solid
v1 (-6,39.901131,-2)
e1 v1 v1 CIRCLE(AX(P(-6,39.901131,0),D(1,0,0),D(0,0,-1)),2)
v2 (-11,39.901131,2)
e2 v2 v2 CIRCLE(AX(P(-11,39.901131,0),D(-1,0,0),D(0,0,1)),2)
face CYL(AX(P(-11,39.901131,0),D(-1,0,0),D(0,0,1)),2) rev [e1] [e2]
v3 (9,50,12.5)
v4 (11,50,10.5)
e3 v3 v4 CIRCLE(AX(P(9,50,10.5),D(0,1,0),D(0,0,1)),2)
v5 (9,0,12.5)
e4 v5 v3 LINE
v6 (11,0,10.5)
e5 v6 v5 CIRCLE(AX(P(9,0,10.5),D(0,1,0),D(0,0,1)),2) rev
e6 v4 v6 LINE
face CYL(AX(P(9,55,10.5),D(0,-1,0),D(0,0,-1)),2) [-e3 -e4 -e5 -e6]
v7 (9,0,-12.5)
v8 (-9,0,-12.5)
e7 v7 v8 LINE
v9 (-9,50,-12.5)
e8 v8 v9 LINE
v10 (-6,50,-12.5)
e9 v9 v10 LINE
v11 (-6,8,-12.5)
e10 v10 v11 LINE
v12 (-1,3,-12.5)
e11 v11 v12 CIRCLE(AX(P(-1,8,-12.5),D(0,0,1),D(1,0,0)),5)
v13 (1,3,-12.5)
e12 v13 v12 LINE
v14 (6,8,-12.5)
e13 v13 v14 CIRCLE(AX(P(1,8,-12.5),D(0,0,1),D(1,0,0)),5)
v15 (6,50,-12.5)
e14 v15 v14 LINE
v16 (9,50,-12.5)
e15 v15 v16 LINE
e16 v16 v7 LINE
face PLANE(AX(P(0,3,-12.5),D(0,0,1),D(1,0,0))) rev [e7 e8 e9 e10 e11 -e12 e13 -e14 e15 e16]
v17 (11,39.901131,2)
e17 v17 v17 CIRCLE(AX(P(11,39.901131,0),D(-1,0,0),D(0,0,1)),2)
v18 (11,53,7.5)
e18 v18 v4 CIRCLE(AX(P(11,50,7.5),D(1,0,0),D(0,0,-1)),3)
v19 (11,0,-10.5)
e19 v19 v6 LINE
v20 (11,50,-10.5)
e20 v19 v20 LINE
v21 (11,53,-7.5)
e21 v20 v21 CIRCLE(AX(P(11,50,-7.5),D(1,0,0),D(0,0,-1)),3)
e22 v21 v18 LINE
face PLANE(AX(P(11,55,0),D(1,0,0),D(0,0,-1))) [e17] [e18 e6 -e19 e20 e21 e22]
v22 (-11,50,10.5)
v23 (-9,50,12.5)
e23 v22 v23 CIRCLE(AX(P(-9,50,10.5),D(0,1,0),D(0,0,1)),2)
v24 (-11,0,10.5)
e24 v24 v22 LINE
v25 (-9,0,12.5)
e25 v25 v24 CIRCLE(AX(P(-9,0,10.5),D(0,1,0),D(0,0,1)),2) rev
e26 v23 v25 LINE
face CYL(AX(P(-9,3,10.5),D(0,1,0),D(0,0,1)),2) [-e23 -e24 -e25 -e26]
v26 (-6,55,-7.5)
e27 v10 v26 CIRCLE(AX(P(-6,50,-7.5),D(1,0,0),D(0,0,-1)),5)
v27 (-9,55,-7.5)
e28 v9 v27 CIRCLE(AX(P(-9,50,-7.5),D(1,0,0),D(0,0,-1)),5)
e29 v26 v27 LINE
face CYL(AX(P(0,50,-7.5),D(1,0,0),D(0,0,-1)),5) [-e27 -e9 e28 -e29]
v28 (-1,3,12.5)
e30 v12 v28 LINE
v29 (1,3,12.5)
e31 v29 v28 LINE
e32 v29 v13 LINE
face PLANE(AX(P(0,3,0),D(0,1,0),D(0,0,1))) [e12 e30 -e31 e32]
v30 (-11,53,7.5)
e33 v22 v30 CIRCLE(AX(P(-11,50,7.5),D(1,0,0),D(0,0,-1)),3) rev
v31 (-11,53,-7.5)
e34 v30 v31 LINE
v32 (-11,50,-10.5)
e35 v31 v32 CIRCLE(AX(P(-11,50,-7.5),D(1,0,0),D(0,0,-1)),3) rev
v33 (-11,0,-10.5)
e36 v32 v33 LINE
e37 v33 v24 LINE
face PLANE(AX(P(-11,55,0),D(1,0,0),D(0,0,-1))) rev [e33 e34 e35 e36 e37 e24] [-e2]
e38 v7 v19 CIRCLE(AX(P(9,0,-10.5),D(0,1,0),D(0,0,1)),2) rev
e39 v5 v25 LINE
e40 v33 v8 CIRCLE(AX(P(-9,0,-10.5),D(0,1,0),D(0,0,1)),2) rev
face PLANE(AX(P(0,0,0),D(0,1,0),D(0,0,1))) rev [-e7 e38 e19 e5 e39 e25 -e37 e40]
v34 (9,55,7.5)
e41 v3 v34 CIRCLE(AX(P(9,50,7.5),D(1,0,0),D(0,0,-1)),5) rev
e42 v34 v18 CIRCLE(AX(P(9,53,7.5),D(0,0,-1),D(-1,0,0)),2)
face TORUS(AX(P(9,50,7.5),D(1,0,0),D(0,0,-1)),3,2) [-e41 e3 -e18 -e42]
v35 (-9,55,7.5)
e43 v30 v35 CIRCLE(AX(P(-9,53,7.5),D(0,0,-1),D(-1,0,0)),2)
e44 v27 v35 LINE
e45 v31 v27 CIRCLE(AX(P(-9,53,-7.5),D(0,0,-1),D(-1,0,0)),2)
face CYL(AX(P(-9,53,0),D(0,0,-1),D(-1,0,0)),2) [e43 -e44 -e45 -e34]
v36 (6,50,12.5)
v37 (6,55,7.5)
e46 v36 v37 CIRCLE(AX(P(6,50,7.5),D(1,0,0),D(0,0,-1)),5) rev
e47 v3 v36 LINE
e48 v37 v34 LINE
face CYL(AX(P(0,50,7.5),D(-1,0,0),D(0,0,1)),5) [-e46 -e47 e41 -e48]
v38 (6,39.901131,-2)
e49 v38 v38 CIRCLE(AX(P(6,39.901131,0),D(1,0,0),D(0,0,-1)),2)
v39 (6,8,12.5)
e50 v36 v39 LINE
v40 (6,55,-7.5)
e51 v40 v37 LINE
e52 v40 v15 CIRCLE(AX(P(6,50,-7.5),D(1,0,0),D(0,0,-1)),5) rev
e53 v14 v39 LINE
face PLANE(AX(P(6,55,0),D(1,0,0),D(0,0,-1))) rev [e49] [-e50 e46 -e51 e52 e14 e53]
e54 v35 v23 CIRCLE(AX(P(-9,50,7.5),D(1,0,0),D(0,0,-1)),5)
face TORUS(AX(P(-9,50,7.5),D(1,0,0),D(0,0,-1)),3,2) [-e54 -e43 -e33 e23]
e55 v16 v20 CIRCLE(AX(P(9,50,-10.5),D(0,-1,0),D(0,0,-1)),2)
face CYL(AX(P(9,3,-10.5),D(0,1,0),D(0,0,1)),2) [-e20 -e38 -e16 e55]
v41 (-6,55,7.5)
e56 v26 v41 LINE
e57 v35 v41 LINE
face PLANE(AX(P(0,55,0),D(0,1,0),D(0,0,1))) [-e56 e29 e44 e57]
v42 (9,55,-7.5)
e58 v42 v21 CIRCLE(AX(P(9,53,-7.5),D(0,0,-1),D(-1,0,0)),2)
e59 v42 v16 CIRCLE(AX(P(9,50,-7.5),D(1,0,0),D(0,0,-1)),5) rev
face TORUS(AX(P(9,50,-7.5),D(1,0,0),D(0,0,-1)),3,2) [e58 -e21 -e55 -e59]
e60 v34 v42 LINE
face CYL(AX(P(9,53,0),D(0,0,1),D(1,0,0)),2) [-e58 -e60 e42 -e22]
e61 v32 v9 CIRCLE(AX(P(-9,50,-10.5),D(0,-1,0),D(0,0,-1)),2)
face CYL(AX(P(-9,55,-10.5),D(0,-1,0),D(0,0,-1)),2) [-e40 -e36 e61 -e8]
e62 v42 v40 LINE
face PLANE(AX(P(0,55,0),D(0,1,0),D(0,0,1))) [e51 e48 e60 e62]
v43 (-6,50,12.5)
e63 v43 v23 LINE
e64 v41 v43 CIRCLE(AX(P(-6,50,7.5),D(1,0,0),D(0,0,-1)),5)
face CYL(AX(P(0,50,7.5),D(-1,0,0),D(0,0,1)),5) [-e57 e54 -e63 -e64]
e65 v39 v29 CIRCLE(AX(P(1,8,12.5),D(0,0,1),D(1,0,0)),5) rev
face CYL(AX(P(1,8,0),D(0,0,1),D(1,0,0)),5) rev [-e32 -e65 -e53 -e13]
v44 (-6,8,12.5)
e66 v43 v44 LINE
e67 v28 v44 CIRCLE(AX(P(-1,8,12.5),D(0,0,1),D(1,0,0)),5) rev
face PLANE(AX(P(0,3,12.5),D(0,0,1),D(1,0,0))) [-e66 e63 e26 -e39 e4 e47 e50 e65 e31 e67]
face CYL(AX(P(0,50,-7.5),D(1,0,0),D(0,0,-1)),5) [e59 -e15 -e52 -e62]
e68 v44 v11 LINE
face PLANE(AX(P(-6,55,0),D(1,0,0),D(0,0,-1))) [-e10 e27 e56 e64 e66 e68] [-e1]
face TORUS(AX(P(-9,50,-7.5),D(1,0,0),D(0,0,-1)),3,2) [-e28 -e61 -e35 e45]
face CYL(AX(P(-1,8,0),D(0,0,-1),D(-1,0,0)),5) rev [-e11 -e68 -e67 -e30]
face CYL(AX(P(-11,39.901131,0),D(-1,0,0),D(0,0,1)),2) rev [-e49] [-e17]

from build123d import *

# Parameters (mm, degrees)
SKETCH1_W             = 12
SKETCH1_H             = 25
BOSS_EXTRUDE1_DEPTH   = 3
SKETCH1_3_W           = 5
SKETCH1_3_H           = 25
BOSS_EXTRUDE2_DEPTH   = 55
FILLET1_R             = 5
FILLET2_R             = 2
F_4_0MM_DOWEL_HOLE3_D = 4


with BuildPart() as part:
    # Sketch1 → Boss-Extrude1 (new body)
    with BuildSketch(Plane(origin=(0, 0, 0), x_dir=(1, 0, 0), z_dir=(0, 1, 0))):
        Rectangle(SKETCH1_W, SKETCH1_H)
    extrude(amount=BOSS_EXTRUDE1_DEPTH)

    # Sketch1<3> → Boss-Extrude2 (add)
    with BuildSketch(Plane(origin=(0, 0, 0), x_dir=(1, 0, 0), z_dir=(0, 1, 0))):
        with Locations((-8.5, 0)):
            Rectangle(SKETCH1_3_W, SKETCH1_3_H)
        with Locations((8.5, 0)):
            Rectangle(SKETCH1_3_W, SKETCH1_3_H)
    extrude(amount=BOSS_EXTRUDE2_DEPTH)

    # Fillet1
    fillet1_edges = [part.edges().sort_by_distance(p)[0] for p in [
        (-6, 3, 0),
        (-8.5, 55, 12.5),
        (-8.5, 55, -12.5),
        (8.5, 55, 12.5),
        (8.5, 55, -12.5),
        (6, 3, 0),
    ]]
    fillet(fillet1_edges, radius=FILLET1_R)

    # Fillet2
    fillet2_edges = [part.edges().sort_by_distance(p)[0] for p in [
        (11, 55, 0),
        (-11, 25, -12.5),
        (11, 25, -12.5),
        (11, 25, 12.5),
        (11, 53.535533906, 11.035533906),
        (11, 53.535533906, -11.035533906),
        (-11, 55, 0),
        (-11, 25, 12.5),
        (-11, 53.535533906, 11.035533906),
        (-11, 53.535533906, -11.035533906),
    ]]
    fillet(fillet2_edges, radius=FILLET2_R)

    # Ø4.0mm Dowel Hole3 (through all)
    with Locations(Plane.ZY.offset(11)):
        with Locations((0, 39.901131087)):
            Hole(F_4_0MM_DOWEL_HOLE3_D / 2)


solid = part.part
